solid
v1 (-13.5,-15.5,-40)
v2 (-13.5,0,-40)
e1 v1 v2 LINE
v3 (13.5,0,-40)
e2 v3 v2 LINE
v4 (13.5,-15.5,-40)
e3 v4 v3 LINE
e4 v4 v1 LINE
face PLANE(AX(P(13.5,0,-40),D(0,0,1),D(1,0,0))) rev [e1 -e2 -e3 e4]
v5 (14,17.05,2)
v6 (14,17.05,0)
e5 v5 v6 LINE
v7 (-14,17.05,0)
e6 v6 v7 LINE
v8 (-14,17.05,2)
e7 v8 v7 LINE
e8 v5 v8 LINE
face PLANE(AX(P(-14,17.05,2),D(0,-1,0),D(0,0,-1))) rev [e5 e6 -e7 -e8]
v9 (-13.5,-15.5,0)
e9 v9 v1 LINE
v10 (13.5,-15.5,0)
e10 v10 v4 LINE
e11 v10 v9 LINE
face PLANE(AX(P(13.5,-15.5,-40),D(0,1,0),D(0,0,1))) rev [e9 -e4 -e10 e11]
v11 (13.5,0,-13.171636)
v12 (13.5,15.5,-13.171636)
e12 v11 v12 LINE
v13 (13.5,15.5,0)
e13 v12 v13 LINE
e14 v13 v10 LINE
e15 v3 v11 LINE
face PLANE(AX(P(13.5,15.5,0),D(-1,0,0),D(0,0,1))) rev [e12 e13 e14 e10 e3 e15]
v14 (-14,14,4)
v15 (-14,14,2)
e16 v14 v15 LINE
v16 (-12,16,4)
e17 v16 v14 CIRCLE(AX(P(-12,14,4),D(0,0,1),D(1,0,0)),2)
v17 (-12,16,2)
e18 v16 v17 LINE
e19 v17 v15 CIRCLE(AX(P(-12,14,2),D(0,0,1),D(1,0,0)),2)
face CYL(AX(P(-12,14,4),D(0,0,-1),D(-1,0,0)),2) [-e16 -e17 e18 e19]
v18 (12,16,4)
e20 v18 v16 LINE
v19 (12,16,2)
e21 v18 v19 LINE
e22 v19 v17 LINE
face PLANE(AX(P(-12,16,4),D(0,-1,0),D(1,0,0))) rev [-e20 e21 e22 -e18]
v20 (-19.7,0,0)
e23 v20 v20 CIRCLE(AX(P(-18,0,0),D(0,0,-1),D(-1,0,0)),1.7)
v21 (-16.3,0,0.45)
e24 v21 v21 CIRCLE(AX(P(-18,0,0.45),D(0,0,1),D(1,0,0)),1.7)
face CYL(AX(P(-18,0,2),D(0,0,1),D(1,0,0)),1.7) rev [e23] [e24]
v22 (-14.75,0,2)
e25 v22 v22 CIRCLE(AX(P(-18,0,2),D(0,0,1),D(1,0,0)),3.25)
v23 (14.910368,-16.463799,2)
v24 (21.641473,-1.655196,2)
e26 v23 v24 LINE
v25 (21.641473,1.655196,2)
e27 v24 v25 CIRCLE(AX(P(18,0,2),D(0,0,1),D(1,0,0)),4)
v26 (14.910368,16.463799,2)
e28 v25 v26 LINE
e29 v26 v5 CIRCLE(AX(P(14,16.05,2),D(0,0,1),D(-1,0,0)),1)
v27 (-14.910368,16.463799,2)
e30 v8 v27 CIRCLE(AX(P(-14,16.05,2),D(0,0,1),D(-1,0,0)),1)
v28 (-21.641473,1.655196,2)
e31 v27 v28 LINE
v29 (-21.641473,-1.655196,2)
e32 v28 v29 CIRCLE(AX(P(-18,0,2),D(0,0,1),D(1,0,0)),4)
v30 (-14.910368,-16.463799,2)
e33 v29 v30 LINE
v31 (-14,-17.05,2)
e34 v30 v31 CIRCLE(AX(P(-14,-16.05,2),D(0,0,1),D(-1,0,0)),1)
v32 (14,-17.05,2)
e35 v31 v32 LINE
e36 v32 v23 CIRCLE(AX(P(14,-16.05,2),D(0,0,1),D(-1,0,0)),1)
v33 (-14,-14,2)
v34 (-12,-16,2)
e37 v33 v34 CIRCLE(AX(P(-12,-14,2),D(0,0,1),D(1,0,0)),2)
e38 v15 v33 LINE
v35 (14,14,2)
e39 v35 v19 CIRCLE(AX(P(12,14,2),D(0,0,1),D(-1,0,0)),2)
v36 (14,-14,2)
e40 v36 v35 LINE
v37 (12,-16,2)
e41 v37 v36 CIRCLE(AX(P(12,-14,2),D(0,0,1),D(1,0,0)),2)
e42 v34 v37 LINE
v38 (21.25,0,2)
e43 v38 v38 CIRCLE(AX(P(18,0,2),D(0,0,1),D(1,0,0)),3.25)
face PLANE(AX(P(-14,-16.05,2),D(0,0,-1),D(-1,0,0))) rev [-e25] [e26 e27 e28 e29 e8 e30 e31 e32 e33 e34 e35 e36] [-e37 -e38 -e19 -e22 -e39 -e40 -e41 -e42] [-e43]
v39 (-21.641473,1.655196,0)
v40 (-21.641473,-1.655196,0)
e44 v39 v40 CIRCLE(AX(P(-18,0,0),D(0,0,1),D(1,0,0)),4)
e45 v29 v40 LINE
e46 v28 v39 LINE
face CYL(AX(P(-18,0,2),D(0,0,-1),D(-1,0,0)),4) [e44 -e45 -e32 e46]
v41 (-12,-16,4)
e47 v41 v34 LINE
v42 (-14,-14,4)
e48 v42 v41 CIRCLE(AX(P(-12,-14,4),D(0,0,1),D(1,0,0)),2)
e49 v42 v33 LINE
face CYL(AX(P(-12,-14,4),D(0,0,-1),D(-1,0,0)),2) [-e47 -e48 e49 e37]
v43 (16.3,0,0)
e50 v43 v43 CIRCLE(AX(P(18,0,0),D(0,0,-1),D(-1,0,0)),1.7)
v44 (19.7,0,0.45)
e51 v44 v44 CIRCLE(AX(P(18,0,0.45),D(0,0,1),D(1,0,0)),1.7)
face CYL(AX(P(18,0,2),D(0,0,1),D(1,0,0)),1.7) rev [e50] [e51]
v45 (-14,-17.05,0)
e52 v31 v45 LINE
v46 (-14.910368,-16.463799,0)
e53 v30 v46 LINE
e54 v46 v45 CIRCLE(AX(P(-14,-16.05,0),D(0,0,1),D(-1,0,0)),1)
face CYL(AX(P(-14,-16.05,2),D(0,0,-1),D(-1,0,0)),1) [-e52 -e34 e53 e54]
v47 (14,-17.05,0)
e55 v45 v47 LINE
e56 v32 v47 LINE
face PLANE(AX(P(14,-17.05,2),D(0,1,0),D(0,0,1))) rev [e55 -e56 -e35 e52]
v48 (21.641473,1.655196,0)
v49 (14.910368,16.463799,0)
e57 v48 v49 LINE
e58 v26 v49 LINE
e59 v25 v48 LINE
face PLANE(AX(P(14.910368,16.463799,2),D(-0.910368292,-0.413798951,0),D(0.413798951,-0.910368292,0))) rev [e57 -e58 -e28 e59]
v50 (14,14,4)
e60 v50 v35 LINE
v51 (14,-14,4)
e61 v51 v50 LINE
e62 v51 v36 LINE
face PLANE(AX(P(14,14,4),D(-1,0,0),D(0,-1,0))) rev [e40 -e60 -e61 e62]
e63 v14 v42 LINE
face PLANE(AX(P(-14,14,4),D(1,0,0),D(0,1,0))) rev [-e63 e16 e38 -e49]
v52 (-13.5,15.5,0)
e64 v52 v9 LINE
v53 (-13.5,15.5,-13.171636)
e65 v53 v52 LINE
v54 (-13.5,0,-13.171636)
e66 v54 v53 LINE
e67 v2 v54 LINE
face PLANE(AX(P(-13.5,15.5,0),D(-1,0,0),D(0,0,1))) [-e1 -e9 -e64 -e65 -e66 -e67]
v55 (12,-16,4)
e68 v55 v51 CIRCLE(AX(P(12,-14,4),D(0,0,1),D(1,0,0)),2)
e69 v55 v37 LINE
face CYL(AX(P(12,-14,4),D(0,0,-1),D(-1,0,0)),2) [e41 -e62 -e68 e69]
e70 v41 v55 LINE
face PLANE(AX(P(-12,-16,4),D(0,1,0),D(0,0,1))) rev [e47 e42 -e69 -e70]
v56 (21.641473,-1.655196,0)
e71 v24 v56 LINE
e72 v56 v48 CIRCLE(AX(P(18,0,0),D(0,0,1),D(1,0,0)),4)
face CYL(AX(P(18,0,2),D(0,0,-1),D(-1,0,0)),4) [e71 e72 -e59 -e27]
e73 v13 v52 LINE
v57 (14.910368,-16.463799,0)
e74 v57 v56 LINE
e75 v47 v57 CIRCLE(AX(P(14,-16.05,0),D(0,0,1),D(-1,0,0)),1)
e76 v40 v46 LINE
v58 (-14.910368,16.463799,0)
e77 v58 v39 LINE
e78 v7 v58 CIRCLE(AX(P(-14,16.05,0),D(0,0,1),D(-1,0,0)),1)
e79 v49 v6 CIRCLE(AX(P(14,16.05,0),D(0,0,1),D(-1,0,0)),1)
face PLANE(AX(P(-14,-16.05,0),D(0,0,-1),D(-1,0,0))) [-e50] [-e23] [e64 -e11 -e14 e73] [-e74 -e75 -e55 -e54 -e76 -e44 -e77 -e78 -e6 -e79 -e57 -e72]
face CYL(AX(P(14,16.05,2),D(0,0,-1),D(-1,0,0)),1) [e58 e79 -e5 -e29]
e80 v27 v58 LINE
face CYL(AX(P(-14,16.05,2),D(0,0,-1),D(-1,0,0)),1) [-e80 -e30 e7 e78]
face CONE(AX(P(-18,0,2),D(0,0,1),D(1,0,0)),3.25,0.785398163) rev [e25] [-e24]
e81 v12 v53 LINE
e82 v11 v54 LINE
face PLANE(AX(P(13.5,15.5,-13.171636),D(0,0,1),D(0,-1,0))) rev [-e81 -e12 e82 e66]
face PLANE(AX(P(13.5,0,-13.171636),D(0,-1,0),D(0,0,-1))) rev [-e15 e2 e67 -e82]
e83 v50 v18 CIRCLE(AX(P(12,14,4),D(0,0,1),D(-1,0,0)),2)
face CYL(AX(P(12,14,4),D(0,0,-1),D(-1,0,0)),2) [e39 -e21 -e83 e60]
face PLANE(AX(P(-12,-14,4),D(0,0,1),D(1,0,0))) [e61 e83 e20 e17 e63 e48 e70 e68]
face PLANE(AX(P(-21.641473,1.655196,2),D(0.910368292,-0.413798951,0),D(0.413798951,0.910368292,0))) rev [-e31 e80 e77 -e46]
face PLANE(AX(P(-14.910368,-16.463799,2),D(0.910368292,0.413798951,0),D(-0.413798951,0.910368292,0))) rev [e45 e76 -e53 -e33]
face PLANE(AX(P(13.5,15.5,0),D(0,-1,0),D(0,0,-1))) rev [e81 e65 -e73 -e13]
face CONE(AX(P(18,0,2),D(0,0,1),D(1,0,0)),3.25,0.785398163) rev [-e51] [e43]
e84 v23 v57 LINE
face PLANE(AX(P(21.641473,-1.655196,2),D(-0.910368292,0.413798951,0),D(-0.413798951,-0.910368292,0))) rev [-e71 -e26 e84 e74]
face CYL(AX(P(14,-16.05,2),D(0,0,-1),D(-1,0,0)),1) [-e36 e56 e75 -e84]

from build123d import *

# Parameters (mm, degrees)
SKETCH1_R                                       = 1.5
BOSS_EXTRUDE1_DEPTH                             = 2
BOSS_EXTRUDE2_DEPTH                             = 2
BOSS_EXTRUDE3_DEPTH                             = 13.5
CSK_FOR_M3_FLAT_HEAD_MACHINE_SCREW1_D           = 3.4
CSK_FOR_M3_FLAT_HEAD_MACHINE_SCREW1_CSINK_D     = 6.5
CSK_FOR_M3_FLAT_HEAD_MACHINE_SCREW1_CSINK_ANGLE = 90


with BuildPart() as part:
    # Sketch1 → Boss-Extrude1 (new body)
    with BuildSketch(Plane.XY):
        with BuildLine():
            Line((-21.64147317, 1.655195806), (-14.910368292, 16.463798951))
            ThreePointArc((-14.910368292, 16.463798951), (-14.541387592, 16.890773142), (-14, 17.05))
            Line((-14, 17.05), (14, 17.05))
            ThreePointArc((14, 17.05), (14.541387592, 16.890773142), (14.910368292, 16.463798951))
            Line((14.910368292, 16.463798951), (21.64147317, 1.655195806))
            ThreePointArc((21.64147317, 1.655195806), (22, 0), (21.64147317, -1.655195806))
            Line((21.64147317, -1.655195806), (14.910368292, -16.463798951))
            ThreePointArc((14.910368292, -16.463798951), (14.541387592, -16.890773142), (14, -17.05))
            Line((14, -17.05), (-14, -17.05))
            ThreePointArc((-14, -17.05), (-14.541387592, -16.890773142), (-14.910368292, -16.463798951))
            Line((-14.910368292, -16.463798951), (-21.64147317, -1.655195806))
            ThreePointArc((-21.64147317, -1.655195806), (-22, 0), (-21.64147317, 1.655195806))
        make_face()
        with Locations((-18, 0)):
            Circle(SKETCH1_R, mode=Mode.SUBTRACT)
        with Locations((18, 0)):
            Circle(SKETCH1_R, mode=Mode.SUBTRACT)
    extrude(amount=BOSS_EXTRUDE1_DEPTH)

    # Sketch2 → Boss-Extrude2 (add)
    with BuildSketch(Plane.XY.offset(2)):
        with BuildLine():
            Line((-12, 16), (12, 16))
            ThreePointArc((12, 16), (13.414213562, 15.414213562), (14, 14))
            Line((14, 14), (14, -14))
            ThreePointArc((14, -14), (13.414213562, -15.414213562), (12, -16))
            Line((12, -16), (-12, -16))
            ThreePointArc((-12, -16), (-13.414213562, -15.414213562), (-14, -14))
            Line((-14, -14), (-14, 14))
            ThreePointArc((-14, 14), (-13.414213562, 15.414213562), (-12, 16))
        make_face()
    extrude(amount=BOSS_EXTRUDE2_DEPTH)

    # Sketch3 → Boss-Extrude3 (add, symmetric)
    with BuildSketch(Plane(origin=(0, 0, 0), x_dir=(0, 0, -1), z_dir=(1, 0, 0))):
        Polygon((0, 15.5), (13.171636249, 15.5), (13.171636249, 0), (40, 0), (40, -15.5), (0, -15.5), align=None)
    extrude(amount=BOSS_EXTRUDE3_DEPTH, both=True)

    # CSK for M3 Flat Head Machine Screw1 (through all)
    with Locations(Plane.XY.offset(2)):
        with Locations((-18, 0), (18, 0)):
            CounterSinkHole(CSK_FOR_M3_FLAT_HEAD_MACHINE_SCREW1_D / 2, CSK_FOR_M3_FLAT_HEAD_MACHINE_SCREW1_CSINK_D / 2, counter_sink_angle=CSK_FOR_M3_FLAT_HEAD_MACHINE_SCREW1_CSINK_ANGLE)


solid = part.part
